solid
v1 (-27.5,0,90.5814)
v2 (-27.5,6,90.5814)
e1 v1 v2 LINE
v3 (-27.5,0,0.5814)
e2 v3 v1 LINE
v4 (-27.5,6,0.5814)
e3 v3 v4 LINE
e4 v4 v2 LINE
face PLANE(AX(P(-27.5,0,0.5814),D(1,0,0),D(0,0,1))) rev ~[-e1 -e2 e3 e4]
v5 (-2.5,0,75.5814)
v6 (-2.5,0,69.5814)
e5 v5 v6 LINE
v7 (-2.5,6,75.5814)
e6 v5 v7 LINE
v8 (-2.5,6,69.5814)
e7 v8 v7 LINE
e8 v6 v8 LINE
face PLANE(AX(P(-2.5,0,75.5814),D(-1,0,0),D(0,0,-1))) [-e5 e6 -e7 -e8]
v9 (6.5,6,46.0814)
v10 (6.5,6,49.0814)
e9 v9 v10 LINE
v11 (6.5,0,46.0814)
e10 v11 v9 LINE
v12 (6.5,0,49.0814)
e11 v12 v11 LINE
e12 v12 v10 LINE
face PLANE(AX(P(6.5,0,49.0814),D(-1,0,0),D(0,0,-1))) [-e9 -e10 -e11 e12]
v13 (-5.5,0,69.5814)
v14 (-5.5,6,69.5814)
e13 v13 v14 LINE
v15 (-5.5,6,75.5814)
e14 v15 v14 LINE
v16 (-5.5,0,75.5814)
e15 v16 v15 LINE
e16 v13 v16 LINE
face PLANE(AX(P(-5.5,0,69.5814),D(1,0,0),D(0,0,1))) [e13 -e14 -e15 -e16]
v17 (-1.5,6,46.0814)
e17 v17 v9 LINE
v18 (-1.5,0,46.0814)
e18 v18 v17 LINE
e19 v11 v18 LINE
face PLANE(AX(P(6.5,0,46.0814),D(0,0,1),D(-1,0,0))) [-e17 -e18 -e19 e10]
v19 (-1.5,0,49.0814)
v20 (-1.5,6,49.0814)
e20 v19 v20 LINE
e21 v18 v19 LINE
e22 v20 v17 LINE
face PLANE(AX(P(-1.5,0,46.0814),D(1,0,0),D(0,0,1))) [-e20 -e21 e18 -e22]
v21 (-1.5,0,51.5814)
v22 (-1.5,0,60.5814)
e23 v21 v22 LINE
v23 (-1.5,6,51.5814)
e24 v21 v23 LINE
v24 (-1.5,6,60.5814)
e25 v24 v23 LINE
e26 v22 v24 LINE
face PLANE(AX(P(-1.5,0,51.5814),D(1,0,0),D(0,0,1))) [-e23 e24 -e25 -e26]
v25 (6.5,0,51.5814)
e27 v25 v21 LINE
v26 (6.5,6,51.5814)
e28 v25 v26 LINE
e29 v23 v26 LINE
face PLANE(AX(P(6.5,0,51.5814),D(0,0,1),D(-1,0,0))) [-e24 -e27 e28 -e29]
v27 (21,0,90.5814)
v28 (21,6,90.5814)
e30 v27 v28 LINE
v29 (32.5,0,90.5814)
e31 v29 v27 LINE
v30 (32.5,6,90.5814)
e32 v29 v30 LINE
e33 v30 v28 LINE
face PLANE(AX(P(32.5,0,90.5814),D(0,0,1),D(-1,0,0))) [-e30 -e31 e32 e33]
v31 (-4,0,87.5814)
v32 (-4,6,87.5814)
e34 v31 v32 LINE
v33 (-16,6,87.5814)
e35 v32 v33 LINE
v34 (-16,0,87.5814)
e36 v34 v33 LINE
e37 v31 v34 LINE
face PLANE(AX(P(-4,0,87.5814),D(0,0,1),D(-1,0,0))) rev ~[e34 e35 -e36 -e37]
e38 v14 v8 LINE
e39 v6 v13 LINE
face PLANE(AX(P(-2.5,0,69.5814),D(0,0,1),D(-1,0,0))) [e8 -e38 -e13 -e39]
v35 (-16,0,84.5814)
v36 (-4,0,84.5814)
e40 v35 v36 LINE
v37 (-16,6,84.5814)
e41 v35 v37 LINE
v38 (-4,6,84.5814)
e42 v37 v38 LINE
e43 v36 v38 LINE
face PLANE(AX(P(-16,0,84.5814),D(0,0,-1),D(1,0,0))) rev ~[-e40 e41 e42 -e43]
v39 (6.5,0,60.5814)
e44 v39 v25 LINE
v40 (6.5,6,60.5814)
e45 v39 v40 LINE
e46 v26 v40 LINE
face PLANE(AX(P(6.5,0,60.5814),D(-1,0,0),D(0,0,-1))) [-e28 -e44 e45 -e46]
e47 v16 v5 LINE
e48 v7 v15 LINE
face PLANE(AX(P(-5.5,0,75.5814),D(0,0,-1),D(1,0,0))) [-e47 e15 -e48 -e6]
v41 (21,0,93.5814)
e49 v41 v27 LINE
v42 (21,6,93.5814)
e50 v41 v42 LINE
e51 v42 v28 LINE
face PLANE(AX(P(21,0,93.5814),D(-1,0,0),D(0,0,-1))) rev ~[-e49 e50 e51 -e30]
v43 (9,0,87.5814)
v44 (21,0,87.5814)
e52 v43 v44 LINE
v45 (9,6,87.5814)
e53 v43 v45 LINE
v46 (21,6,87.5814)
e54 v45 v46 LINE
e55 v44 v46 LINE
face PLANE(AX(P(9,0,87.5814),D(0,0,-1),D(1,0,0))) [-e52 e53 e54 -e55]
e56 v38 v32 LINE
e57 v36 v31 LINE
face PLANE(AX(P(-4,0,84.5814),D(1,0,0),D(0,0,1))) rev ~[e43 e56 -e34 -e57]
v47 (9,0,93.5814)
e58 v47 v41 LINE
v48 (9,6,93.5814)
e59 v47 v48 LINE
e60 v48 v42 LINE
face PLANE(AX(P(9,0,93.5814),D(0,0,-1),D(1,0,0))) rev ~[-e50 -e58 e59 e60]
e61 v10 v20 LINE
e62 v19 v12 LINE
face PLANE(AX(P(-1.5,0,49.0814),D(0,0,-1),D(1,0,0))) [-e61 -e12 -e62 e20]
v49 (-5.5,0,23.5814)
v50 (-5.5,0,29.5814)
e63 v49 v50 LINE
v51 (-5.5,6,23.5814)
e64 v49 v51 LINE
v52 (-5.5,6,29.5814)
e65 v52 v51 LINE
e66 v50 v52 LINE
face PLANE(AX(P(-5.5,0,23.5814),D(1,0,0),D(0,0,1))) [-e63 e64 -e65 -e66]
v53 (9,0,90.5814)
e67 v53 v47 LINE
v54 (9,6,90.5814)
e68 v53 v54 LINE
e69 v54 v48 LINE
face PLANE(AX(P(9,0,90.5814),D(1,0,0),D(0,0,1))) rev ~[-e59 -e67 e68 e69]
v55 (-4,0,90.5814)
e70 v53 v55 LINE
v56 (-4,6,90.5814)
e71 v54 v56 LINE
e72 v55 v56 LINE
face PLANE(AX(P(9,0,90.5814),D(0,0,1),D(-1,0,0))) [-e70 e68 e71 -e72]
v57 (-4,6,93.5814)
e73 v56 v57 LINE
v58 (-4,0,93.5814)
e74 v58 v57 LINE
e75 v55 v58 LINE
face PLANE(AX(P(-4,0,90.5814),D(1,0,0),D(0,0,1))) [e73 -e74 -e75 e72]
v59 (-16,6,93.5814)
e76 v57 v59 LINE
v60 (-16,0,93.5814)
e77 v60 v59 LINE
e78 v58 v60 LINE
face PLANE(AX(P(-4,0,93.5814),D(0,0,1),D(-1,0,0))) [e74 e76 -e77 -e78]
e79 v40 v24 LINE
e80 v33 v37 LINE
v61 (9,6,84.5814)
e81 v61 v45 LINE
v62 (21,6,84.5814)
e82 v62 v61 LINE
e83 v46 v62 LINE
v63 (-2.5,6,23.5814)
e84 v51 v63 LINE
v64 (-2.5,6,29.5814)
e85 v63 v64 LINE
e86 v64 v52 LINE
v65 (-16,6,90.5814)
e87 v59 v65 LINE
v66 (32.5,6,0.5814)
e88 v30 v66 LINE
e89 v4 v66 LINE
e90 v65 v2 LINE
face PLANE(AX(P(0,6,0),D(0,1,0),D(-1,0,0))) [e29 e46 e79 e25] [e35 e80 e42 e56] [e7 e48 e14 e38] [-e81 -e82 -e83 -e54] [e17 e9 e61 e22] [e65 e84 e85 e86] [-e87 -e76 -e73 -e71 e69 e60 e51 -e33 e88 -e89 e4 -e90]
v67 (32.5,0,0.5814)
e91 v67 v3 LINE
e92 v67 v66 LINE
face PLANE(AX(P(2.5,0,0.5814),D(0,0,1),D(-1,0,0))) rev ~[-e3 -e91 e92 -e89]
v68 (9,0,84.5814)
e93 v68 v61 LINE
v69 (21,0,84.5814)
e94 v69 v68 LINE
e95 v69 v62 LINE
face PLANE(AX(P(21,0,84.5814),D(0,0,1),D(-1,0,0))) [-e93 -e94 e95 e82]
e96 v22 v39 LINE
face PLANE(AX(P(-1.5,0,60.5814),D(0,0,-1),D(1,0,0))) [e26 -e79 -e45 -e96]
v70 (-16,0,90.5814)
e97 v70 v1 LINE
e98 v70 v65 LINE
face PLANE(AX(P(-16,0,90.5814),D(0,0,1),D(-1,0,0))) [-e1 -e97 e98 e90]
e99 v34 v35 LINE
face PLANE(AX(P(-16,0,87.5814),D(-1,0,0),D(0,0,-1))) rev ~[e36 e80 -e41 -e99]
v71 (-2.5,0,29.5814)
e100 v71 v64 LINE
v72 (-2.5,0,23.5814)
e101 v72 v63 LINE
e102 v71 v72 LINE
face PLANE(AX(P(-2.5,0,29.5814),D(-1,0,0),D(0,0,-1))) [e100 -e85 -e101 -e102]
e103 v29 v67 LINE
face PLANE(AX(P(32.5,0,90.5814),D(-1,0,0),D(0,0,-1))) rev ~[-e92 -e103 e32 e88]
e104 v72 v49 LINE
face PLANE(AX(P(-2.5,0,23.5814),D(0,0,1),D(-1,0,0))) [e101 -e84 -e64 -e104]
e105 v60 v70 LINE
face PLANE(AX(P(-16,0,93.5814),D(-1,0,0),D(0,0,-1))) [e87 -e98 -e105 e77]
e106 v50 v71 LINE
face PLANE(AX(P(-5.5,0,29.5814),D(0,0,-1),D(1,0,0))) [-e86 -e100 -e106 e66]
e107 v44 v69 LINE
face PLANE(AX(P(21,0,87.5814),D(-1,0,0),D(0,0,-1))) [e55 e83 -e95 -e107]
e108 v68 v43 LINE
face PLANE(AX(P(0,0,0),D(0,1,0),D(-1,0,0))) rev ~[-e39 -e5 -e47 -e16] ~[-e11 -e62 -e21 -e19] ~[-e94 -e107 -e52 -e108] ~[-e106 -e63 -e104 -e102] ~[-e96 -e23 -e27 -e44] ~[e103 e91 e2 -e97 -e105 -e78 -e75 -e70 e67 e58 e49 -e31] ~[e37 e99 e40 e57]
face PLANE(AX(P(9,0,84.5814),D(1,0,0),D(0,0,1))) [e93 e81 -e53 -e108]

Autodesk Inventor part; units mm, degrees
ref_plane "YZ Plane" through (0, 0, 0) normal (1, 0, 0) x (0, 1, 0)
ref_plane "XZ Plane" through (0, 0, 0) normal (0, 1, 0) x (-1, 0, 0)
ref_plane "XY Plane" through (0, 0, 0) normal (0, 0, 1) x (1, 0, 0)
sketch "Sketch1" plane through (0, 0, 0) normal (0, 1, 0) x (-1, 0, 0)
  line L0 (27.5, 0.5814) -> (27.5, 90.5814)
  line L1 (-32.5, 90.5814) -> (-32.5, 0.5814)
  line L2 (-32.5, 0.5814) -> (-2.5, 0.5814)
  line L3 (-2.5, 0.5814) -> (-2.5, 90.5814) construction
  line L4 (-32.5, 45.5814) -> (-2.5, 45.5814) construction
  line L5 (-32.5, 90.5814) -> (27.5, 90.5814)
  line L6 (-21, 90.5814) -> (-9, 90.5814)
  line L7 (-9, 90.5814) -> (-9, 93.5814)
  line L8 (-9, 93.5814) -> (-21, 93.5814)
  line L9 (-21, 93.5814) -> (-21, 90.5814)
  line L10 (16, 90.5814) -> (4, 90.5814)
  line L11 (4, 90.5814) -> (4, 93.5814)
  line L12 (4, 93.5814) -> (16, 93.5814)
  line L13 (16, 93.5814) -> (16, 90.5814)
  line L14 (-2.5, 45.5814) -> (27.5, 45.5814) construction
  line L15 (-2.5, 0.5814) -> (27.5, 0.5814)
  line L16 (-9, 87.5814) -> (-21, 87.5814)
  line L17 (-21, 87.5814) -> (-21, 84.5814)
  line L18 (-21, 84.5814) -> (-9, 84.5814)
  line L19 (-9, 84.5814) -> (-9, 87.5814)
  line L20 (-9, 87.5814) -> (-21, 84.5814) construction
  line L21 (-21, 87.5814) -> (-9, 84.5814) construction
  line L22 (4, 87.5814) -> (16, 87.5814)
  line L23 (16, 87.5814) -> (16, 84.5814)
  line L24 (16, 84.5814) -> (4, 84.5814)
  line L25 (4, 84.5814) -> (4, 87.5814)
  line L26 (4, 87.5814) -> (16, 84.5814) construction
  line L27 (16, 87.5814) -> (4, 84.5814) construction
  point P0 (-15, 86.0814)
  point P1 (10, 86.0814)
  dimension "d0" = 60
  dimension "d1" = 90
  dimension "d18" = 12
  dimension "d19" = 3
  dimension "d20" = 18.5
  dimension "d21" = 12
  dimension "d22" = 3
  dimension "d23" = 3
extrude "Extrusion1" add sketch "Sketch1" along normal blind 6
sketch "Sketch3" plane through (0, 0, 0) normal (0, 1, 0) x (-1, 0, 0)
  line L0 (4, 90.5814) -> (-9, 90.5814) construction
  line L1 (-2.5, 90.5814) -> (-2.5, 0.5814) construction
  line L2 (-32.5, 0.5814) -> (27.5, 0.5814) construction
  line L3 (5.5, 75.5814) -> (2.5, 75.5814)
  line L4 (2.5, 75.5814) -> (2.5, 69.5814)
  line L5 (2.5, 69.5814) -> (5.5, 69.5814)
  line L6 (5.5, 69.5814) -> (5.5, 75.5814)
  line L7 (5.5, 29.5814) -> (2.5, 29.5814)
  line L8 (2.5, 29.5814) -> (2.5, 23.5814)
  line L9 (2.5, 23.5814) -> (5.5, 23.5814)
  line L10 (5.5, 23.5814) -> (5.5, 29.5814)
  line L11 (1.5, 60.5814) -> (-6.5, 60.5814)
  line L12 (-6.5, 60.5814) -> (-6.5, 51.5814)
  line L13 (-6.5, 51.5814) -> (1.5, 51.5814)
  line L14 (1.5, 51.5814) -> (1.5, 60.5814)
  line L15 (1.5, 49.0814) -> (-6.5, 49.0814)
  line L16 (-6.5, 49.0814) -> (-6.5, 46.0814)
  line L17 (-6.5, 46.0814) -> (1.5, 46.0814)
  line L18 (1.5, 46.0814) -> (1.5, 49.0814)
  point P0 (0, 0)
  dimension "d37" = 3
  dimension "d38" = 6
  dimension "d39" = 6
  dimension "d43" = 15
  dimension "d44" = 40
  dimension "d45" = 5
  dimension "d46" = 8
  dimension "d47" = 9
  dimension "d48" = 30
  dimension "d49" = 1
  dimension "d50" = 3
  dimension "d51" = 2.5
extrude "Extrusion3" cut sketch "Sketch3" along normal through all
properties part number "thumper-bumper-sidewall2-v2"
